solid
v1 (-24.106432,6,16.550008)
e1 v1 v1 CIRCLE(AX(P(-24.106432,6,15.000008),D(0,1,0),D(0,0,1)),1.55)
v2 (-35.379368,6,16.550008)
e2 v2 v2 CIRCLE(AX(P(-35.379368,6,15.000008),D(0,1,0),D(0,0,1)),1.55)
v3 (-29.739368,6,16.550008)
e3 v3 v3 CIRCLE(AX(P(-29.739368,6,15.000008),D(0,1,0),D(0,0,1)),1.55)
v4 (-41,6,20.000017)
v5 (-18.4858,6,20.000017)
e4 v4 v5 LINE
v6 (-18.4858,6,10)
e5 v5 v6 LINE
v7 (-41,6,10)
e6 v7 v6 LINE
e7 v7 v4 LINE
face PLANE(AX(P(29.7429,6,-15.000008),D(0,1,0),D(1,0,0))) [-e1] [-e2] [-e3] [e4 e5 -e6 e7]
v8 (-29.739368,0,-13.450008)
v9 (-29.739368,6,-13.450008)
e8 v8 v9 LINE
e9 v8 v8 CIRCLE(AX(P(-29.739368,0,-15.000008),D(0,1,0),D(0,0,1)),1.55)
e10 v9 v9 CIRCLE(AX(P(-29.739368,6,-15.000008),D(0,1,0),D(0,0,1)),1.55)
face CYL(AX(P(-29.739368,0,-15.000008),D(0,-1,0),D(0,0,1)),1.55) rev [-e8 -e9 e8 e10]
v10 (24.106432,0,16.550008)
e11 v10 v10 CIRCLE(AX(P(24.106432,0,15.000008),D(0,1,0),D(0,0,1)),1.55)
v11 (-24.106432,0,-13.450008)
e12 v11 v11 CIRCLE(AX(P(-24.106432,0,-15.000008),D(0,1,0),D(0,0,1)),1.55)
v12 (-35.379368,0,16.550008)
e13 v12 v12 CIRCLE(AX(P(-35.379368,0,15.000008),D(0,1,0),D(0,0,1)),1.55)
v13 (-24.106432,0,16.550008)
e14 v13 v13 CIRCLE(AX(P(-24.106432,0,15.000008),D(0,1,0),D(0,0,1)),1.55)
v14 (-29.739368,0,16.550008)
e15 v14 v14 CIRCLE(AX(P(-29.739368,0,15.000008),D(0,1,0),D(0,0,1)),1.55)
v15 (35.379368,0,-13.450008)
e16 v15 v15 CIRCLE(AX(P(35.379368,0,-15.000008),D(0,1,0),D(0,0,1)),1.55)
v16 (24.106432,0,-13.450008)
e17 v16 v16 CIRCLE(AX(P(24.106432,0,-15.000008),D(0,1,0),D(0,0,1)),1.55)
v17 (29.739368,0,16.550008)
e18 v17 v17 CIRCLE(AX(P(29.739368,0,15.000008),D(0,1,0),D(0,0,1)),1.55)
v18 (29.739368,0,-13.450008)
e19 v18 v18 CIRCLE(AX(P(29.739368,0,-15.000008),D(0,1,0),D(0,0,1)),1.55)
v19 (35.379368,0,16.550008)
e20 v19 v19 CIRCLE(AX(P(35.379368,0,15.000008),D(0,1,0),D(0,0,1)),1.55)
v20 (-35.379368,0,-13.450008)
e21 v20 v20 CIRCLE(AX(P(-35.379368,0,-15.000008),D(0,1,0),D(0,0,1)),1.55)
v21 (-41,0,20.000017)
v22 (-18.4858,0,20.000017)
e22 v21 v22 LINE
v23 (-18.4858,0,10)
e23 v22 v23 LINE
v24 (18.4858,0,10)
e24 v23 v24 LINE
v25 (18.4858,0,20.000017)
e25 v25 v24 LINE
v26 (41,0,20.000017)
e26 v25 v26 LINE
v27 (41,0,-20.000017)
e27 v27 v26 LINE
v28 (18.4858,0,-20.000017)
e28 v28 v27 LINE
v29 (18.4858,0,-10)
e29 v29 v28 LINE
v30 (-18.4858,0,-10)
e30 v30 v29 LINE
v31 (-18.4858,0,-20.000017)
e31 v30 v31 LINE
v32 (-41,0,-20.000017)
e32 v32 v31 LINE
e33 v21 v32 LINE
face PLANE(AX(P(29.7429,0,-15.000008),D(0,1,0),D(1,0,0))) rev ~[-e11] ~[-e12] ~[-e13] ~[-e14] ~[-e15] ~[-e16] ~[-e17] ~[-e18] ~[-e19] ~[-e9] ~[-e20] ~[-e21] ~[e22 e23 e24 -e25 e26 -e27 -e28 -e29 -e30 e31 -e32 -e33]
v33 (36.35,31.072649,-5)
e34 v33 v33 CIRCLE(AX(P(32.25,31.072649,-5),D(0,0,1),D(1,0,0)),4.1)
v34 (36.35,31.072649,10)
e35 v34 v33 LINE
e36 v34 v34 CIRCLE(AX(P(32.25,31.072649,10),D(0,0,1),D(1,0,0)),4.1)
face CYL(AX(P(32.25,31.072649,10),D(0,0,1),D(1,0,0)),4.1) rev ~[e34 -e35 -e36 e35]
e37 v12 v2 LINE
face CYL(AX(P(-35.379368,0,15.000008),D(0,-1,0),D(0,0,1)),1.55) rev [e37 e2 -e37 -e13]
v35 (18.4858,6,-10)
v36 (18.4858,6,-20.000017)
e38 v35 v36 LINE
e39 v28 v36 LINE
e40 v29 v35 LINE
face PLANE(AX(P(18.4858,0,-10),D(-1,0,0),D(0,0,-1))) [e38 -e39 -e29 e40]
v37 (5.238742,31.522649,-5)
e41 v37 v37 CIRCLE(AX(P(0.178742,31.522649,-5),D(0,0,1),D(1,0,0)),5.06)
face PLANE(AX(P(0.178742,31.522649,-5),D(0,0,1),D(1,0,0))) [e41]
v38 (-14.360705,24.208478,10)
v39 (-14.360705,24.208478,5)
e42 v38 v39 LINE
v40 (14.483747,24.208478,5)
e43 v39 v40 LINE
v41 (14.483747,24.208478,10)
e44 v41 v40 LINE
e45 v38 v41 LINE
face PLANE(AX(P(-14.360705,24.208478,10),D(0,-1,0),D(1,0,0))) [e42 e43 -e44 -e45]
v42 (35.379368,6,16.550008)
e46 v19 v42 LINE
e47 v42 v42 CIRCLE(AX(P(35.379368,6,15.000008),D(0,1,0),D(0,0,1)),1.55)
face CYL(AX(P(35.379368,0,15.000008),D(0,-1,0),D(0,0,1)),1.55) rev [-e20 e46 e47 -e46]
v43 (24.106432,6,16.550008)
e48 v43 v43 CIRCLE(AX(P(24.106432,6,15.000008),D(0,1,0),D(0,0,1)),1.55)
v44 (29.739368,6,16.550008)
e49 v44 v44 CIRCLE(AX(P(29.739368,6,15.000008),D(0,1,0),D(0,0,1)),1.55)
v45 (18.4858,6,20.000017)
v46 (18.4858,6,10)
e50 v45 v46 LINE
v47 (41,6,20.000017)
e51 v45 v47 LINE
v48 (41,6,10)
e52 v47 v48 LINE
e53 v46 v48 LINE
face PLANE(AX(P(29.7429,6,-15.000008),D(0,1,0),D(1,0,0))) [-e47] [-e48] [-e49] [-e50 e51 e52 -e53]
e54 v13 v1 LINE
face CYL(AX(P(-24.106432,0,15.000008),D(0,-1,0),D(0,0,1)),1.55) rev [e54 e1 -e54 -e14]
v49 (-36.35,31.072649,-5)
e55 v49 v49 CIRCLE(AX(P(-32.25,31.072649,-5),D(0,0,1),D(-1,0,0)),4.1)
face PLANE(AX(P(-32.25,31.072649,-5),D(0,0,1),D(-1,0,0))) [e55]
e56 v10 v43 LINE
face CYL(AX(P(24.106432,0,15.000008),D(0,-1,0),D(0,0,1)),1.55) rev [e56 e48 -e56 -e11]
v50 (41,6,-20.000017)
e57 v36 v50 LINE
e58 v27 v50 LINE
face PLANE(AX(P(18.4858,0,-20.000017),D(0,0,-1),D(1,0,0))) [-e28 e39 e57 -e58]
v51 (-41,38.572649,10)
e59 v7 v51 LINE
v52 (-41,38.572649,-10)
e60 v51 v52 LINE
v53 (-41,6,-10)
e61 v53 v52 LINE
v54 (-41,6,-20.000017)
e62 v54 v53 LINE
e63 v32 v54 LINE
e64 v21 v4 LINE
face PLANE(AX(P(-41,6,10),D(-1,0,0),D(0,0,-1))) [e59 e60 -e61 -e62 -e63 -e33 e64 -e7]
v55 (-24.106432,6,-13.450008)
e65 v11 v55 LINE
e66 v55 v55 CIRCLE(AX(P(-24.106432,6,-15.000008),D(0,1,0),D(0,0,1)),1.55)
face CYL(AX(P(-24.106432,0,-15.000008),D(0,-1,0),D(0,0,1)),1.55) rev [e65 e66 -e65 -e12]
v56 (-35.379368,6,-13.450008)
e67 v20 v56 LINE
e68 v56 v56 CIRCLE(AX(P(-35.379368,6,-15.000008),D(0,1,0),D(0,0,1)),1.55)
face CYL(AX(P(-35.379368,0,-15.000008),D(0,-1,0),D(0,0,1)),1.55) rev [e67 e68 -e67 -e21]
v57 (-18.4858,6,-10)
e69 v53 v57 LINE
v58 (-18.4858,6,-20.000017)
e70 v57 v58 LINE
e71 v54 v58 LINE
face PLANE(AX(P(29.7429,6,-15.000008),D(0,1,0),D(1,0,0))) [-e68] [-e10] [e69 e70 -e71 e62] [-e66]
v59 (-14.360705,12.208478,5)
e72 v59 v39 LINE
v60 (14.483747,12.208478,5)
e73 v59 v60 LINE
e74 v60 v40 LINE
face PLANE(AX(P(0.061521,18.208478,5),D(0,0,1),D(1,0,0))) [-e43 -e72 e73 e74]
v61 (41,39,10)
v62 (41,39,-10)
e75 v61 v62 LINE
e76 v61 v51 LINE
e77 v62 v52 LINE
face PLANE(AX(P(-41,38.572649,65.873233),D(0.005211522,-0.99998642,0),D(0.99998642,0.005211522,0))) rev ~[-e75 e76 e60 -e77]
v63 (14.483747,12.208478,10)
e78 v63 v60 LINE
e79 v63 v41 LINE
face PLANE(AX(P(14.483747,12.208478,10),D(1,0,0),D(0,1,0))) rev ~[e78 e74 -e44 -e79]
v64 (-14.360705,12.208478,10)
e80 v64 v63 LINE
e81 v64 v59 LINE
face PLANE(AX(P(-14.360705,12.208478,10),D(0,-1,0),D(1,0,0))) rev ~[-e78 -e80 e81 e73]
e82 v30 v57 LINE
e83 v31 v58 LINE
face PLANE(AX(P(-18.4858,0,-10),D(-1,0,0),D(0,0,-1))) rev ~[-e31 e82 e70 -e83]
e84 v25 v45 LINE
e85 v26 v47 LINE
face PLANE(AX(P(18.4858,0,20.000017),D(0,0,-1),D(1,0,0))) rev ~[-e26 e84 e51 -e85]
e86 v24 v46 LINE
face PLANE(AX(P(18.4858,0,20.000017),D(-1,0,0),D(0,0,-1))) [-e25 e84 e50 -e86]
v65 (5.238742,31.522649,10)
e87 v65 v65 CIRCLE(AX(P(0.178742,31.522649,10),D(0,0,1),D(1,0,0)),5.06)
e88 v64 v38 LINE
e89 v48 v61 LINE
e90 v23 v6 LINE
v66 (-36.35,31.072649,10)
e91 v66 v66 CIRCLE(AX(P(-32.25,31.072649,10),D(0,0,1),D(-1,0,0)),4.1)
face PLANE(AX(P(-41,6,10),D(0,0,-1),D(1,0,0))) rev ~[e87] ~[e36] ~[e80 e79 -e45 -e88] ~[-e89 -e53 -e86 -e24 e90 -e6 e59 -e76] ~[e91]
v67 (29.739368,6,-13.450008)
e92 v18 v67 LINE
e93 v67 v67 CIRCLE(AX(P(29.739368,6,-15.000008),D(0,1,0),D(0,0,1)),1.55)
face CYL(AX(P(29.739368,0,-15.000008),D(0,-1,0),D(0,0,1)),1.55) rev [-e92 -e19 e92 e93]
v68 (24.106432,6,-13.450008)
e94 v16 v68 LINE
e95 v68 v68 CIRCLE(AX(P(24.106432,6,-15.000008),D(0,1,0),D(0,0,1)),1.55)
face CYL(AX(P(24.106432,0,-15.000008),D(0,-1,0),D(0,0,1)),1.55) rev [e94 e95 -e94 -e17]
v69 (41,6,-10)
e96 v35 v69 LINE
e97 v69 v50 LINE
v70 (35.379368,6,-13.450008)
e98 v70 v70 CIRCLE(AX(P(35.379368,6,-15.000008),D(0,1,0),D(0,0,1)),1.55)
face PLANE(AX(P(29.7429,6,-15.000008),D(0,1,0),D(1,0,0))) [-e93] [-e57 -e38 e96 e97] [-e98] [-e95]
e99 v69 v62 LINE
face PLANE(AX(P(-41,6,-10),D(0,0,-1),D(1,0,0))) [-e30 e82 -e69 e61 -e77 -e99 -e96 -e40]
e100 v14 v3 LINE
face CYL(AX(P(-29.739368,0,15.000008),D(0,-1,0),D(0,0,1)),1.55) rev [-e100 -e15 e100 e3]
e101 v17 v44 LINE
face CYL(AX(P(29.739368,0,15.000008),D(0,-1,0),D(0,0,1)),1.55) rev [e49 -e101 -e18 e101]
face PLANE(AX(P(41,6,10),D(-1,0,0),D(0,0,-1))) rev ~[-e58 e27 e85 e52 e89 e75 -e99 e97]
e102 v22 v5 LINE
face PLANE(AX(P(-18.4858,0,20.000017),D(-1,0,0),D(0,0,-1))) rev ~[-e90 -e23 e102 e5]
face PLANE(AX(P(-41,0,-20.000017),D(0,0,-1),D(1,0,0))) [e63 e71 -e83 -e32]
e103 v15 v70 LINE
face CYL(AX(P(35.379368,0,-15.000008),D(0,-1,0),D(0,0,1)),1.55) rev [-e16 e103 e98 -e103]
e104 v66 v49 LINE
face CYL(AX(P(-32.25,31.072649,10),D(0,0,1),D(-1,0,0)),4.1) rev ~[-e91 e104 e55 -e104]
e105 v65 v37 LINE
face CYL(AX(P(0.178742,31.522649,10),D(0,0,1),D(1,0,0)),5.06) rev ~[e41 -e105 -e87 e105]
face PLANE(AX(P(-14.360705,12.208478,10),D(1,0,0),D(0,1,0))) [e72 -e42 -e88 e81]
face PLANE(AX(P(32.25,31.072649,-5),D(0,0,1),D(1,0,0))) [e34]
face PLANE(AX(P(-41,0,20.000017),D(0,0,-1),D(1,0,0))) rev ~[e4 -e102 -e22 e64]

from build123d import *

# Parameters (mm, degrees)
SKETCH_1_W               = 22.514200142
SKETCH_1_H               = 10.000016773
SKETCH_1_R               = 1.55
SKETCH_1_W_2             = 82
SKETCH_1_H_2             = 20
EXTRUDE_3_DEPTH          = 6
SKETCH_3_W               = 82
SKETCH_3_H               = 20
EXTRUDE_4_DEPTH          = 49
SKETCH_5_R               = 4.1
CUT_EXTRUDE_2_DEPTH      = 15
SKETCH_6_R               = 5.06
CUT_EXTRUDE_3_DEPTH      = 15
CUT_EXTRUDE_4_DEPTH      = 75.87323291
CUT_EXTRUDE_4_DEPTH_BACK = 75.87323291
SKETCH_7_W               = 28.844452319
SKETCH_7_H               = 12
CUT_EXTRUDE_5_DEPTH      = 5


with BuildPart() as part:
    # Эскиз1 → Бобышка-Вытянуть3 (new body)
    # profile 1 of 5: a face of its own
    with BuildSketch(Plane(origin=(0, 0, 0), x_dir=(1, 0, 0), z_dir=(0, 1, 0))):
        with Locations((-29.742899929, 15.000008387)):
            Rectangle(SKETCH_1_W, SKETCH_1_H)
        with Locations(Location((-35.379367801, 15.000008387, 0), (0, 0, 270))):
            Circle(SKETCH_1_R, mode=Mode.SUBTRACT)
        with Locations(Location((-29.739367801, 15.000008387, 0), (0, 0, 270))):
            Circle(SKETCH_1_R, mode=Mode.SUBTRACT)
        with Locations(Location((-24.106432057, 15.000008387, 0), (0, 0, 270))):
            Circle(SKETCH_1_R, mode=Mode.SUBTRACT)
    # profile 2 of 5: a face of its own
    with BuildSketch(Plane(origin=(0, 0, 0), x_dir=(1, 0, 0), z_dir=(0, 1, 0))):
        Rectangle(SKETCH_1_W_2, SKETCH_1_H_2)
    # profile 3 of 5: a face of its own
    with BuildSketch(Plane(origin=(0, 0, 0), x_dir=(1, 0, 0), z_dir=(0, 1, 0))):
        with Locations((-29.742899929, -15.000008387)):
            Rectangle(SKETCH_1_W, SKETCH_1_H)
        with Locations(Location((-35.379367801, -15.000008387, 0), (0, 0, 270))):
            Circle(SKETCH_1_R, mode=Mode.SUBTRACT)
        with Locations(Location((-29.739367801, -15.000008387, 0), (0, 0, 270))):
            Circle(SKETCH_1_R, mode=Mode.SUBTRACT)
        with Locations(Location((-24.106432057, -15.000008387, 0), (0, 0, 270))):
            Circle(SKETCH_1_R, mode=Mode.SUBTRACT)
    # profile 4 of 5: a face of its own
    with BuildSketch(Plane(origin=(0, 0, 0), x_dir=(1, 0, 0), z_dir=(0, 1, 0))):
        with Locations((29.742899929, -15.000008387)):
            Rectangle(SKETCH_1_W, SKETCH_1_H)
        with Locations(Location((24.106432057, -15.000008387, 0), (0, 0, 270))):
            Circle(SKETCH_1_R, mode=Mode.SUBTRACT)
        with Locations(Location((29.739367801, -15.000008387, 0), (0, 0, 270))):
            Circle(SKETCH_1_R, mode=Mode.SUBTRACT)
        with Locations(Location((35.379367801, -15.000008387, 0), (0, 0, 270))):
            Circle(SKETCH_1_R, mode=Mode.SUBTRACT)
    # profile 5 of 5: a face of its own
    with BuildSketch(Plane(origin=(0, 0, 0), x_dir=(1, 0, 0), z_dir=(0, 1, 0))):
        with Locations((29.742899929, 15.000008387)):
            Rectangle(SKETCH_1_W, SKETCH_1_H)
        with Locations(Location((24.106432057, 15.000008387, 0), (0, 0, 270))):
            Circle(SKETCH_1_R, mode=Mode.SUBTRACT)
        with Locations(Location((29.739367801, 15.000008387, 0), (0, 0, 270))):
            Circle(SKETCH_1_R, mode=Mode.SUBTRACT)
        with Locations(Location((35.379367801, 15.000008387, 0), (0, 0, 270))):
            Circle(SKETCH_1_R, mode=Mode.SUBTRACT)
    extrude(amount=EXTRUDE_3_DEPTH)

    # Эскиз3 → Бобышка-Вытянуть4 (add)
    with BuildSketch(Plane(origin=(0, 6, 0), x_dir=(1, 0, 0), z_dir=(0, 1, 0))):
        Rectangle(SKETCH_3_W, SKETCH_3_H)
    extrude(amount=EXTRUDE_4_DEPTH)

    # Эскиз5 → Вырез-Вытянуть2 (cut)
    with BuildSketch(Plane.XY.offset(10)):
        with Locations((32.25, 31.072649375)):
            Circle(SKETCH_5_R)
        with Locations(Location((-32.25, 31.072649375, 0), (0, 0, 180))):
            Circle(SKETCH_5_R)
    extrude(amount=-CUT_EXTRUDE_2_DEPTH, mode=Mode.SUBTRACT)

    # Эскиз6 → Вырез-Вытянуть3 (cut)
    with BuildSketch(Plane.XY.offset(10)):
        with Locations((0.178742266, 31.522649375)):
            Circle(SKETCH_6_R)
    extrude(amount=-CUT_EXTRUDE_3_DEPTH, mode=Mode.SUBTRACT)

    # Эскиз4 → Вырез-Вытянуть4 (cut, two sides: drawn at the far end of the back side and taken through both)
    with BuildSketch(Plane(origin=(0, 0, -10), x_dir=(-1, 0, 0), z_dir=(0, 0, -1)).offset(-CUT_EXTRUDE_4_DEPTH_BACK)):
        Polygon((41, 39), (41, 38.572649375), (-41, 39), (-41, 55), (41, 55), align=None)
    extrude(amount=CUT_EXTRUDE_4_DEPTH + CUT_EXTRUDE_4_DEPTH_BACK, mode=Mode.SUBTRACT)

    # Эскиз7 → Вырез-Вытянуть5 (cut)
    with BuildSketch(Plane.XY.offset(10)):
        with Locations((0.061520834, 18.208477718)):
            Rectangle(SKETCH_7_W, SKETCH_7_H)
    extrude(amount=-CUT_EXTRUDE_5_DEPTH, mode=Mode.SUBTRACT)


solid = part.part
